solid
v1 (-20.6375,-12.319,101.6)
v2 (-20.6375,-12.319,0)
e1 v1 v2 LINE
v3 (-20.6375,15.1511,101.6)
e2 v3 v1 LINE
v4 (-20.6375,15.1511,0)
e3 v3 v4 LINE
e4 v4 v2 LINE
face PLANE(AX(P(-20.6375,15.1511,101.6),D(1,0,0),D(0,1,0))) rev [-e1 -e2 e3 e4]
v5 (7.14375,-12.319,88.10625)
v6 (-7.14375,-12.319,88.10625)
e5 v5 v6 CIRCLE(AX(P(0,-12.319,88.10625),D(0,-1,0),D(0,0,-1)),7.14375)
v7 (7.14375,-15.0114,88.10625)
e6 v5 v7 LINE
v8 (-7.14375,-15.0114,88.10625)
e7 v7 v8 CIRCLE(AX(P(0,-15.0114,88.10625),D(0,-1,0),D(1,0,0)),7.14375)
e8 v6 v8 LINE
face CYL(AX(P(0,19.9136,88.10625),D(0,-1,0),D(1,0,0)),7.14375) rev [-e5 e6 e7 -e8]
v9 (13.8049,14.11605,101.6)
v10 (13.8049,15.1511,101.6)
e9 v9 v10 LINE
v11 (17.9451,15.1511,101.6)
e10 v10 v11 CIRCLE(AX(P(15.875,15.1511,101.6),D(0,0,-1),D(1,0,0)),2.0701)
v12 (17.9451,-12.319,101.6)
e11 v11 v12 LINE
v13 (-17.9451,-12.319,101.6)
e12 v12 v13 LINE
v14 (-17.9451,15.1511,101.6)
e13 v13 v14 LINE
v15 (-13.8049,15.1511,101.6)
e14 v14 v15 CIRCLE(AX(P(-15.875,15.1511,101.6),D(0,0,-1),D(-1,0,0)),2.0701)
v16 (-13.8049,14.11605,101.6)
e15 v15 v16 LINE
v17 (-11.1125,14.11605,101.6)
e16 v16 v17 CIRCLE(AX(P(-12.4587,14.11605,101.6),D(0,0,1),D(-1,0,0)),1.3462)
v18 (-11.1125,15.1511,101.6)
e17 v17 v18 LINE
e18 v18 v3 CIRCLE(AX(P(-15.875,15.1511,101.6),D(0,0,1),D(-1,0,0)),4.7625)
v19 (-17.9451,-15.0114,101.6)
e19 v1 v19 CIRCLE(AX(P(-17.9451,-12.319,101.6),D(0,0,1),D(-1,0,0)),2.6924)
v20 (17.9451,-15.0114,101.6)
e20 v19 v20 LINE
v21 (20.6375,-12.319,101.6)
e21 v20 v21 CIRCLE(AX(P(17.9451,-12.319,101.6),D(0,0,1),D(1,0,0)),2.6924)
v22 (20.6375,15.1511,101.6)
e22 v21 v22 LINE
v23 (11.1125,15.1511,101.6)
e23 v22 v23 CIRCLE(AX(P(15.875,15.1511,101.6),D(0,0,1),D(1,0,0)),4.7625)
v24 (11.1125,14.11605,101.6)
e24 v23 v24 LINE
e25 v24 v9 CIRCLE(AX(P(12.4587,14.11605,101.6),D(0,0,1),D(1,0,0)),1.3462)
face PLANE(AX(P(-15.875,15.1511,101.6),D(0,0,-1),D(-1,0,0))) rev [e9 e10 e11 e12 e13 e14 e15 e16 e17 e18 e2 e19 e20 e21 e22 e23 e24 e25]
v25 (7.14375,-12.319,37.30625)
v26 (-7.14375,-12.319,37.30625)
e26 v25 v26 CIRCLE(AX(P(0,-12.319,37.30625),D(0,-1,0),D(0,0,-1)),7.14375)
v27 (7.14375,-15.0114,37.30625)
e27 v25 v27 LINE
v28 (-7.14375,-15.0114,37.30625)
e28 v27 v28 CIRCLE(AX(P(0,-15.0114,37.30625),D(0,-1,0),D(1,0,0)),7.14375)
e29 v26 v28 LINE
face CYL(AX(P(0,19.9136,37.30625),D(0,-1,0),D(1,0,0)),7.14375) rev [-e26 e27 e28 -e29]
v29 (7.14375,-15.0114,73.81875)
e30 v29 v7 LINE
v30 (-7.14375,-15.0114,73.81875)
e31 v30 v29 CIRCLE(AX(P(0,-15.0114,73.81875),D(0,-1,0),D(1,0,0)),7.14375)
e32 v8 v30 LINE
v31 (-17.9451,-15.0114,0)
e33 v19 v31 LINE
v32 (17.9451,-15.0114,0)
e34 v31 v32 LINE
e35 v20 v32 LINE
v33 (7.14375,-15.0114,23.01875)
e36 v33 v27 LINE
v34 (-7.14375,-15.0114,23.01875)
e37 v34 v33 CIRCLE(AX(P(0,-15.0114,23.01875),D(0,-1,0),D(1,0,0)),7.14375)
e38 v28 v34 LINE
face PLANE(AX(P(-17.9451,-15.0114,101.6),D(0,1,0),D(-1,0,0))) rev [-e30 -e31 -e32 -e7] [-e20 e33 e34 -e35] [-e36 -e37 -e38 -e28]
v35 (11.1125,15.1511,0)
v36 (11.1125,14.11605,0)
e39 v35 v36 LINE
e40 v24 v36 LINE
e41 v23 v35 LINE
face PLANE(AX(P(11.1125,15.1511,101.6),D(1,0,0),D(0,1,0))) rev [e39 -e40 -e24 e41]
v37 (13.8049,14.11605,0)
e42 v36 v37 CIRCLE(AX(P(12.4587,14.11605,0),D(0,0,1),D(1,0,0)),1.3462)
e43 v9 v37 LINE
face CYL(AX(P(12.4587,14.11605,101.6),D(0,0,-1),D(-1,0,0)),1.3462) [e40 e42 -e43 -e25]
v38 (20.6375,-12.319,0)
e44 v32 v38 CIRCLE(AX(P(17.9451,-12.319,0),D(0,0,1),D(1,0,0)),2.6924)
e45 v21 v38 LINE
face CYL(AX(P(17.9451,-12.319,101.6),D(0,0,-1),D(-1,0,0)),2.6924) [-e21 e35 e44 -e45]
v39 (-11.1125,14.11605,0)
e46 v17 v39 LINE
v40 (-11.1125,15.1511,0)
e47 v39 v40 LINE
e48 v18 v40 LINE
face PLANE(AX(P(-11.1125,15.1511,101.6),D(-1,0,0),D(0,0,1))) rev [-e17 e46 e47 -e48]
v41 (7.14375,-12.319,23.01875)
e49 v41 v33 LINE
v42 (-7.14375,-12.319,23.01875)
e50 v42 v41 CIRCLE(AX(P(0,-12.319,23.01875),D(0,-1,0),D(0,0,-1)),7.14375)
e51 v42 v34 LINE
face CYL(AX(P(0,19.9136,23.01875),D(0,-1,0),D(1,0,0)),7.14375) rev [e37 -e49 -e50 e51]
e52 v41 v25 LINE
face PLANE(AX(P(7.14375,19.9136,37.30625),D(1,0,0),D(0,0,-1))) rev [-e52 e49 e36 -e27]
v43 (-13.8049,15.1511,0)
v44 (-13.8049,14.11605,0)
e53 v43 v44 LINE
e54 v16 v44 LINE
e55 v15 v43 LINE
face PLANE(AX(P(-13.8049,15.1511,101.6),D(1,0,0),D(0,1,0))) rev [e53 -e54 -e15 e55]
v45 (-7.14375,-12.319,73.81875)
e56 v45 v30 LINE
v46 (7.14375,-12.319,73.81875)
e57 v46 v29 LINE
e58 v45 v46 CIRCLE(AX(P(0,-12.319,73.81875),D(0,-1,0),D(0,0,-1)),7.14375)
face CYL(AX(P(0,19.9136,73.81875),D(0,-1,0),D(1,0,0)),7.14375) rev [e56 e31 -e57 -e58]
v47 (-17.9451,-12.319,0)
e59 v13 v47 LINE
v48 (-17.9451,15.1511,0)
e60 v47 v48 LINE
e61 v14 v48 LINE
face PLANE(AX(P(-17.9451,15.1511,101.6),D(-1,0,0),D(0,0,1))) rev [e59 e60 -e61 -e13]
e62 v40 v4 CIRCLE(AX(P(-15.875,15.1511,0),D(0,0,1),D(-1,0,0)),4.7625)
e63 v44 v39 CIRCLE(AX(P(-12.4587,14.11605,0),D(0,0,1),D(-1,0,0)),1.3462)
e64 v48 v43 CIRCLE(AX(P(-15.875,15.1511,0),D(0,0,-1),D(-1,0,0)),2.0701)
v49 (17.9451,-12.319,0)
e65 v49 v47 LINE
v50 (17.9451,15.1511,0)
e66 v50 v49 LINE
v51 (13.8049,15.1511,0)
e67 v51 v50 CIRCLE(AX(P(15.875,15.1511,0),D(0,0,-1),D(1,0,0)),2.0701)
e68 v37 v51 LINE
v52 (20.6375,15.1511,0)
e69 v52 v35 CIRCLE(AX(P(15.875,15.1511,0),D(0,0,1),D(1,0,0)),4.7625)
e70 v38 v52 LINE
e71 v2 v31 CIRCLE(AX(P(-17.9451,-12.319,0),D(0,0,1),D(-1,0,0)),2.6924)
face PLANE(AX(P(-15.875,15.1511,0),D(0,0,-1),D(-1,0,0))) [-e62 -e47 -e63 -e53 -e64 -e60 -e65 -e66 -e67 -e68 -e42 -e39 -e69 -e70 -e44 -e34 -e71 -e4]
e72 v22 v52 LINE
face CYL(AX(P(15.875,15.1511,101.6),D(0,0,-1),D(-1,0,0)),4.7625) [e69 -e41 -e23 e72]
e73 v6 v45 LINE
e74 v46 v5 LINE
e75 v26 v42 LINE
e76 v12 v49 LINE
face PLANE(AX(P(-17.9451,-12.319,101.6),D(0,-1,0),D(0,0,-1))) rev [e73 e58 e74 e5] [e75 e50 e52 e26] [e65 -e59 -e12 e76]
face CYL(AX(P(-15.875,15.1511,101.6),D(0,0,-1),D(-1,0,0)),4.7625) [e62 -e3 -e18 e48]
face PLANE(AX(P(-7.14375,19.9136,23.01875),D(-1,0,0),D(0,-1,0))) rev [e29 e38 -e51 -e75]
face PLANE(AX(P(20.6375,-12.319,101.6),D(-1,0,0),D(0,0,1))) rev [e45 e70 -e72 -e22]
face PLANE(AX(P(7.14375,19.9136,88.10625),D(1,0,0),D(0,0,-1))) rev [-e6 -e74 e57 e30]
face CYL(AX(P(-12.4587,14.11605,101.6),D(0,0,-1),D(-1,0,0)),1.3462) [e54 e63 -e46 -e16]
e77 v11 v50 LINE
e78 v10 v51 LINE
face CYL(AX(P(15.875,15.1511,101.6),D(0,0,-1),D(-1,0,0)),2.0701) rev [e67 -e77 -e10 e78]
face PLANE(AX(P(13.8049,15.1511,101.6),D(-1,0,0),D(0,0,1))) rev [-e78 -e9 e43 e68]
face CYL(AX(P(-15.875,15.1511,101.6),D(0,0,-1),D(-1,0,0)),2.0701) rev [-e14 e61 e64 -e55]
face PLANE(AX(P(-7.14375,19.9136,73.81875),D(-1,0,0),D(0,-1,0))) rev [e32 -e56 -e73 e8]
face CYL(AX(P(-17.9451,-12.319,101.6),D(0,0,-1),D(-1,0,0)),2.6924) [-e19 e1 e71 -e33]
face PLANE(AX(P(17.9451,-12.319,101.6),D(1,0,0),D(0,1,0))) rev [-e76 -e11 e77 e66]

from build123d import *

# Parameters (mm, degrees)
BASE_EXTRUDE_DEPTH = 101.6
SLOT_DEPTH         = 133.120436437
LPATTERN1_COUNT    = 2
LPATTERN1_PITCH    = 50.8


with BuildPart() as part:
    # Sketch1 → Base-Extrude (new body)
    with BuildSketch(Plane.XY):
        with BuildLine():
            Line((-20.6375, 15.1511), (-20.6375, -12.319))
            ThreePointArc((-20.6375, -12.319), (-19.848914298, -14.222814298), (-17.9451, -15.0114))
            Line((-17.9451, -15.0114), (17.9451, -15.0114))
            ThreePointArc((17.9451, -15.0114), (19.848914298, -14.222814298), (20.6375, -12.319))
            Line((20.6375, -12.319), (20.6375, 15.1511))
            ThreePointArc((20.6375, 15.1511), (15.875, 19.9136), (11.1125, 15.1511))
            Line((11.1125, 15.1511), (11.1125, 14.11605))
            ThreePointArc((11.1125, 14.11605), (12.4587, 12.76985), (13.8049, 14.11605))
            Line((13.8049, 14.11605), (13.8049, 15.1511))
            ThreePointArc((13.8049, 15.1511), (15.875, 17.2212), (17.9451, 15.1511))
            Line((17.9451, 15.1511), (17.9451, -12.319))
            Line((17.9451, -12.319), (-17.9451, -12.319))
            Line((-17.9451, -12.319), (-17.9451, 15.1511))
            ThreePointArc((-17.9451, 15.1511), (-15.875, 17.2212), (-13.8049, 15.1511))
            Line((-13.8049, 15.1511), (-13.8049, 14.11605))
            ThreePointArc((-13.8049, 14.11605), (-12.4587, 12.76985), (-11.1125, 14.11605))
            Line((-11.1125, 14.11605), (-11.1125, 15.1511))
            ThreePointArc((-11.1125, 15.1511), (-15.875, 19.9136), (-20.6375, 15.1511))
        make_face()
    extrude(amount=BASE_EXTRUDE_DEPTH)

    # Sketch2 → Slot (cut, through all)
    with BuildSketch(Plane(origin=(0.747608536, -15.0114, -24.013419794), x_dir=(1, 0, 0), z_dir=(0, -1, 0))):
        with BuildLine():
            Line((6.396141464, 61.319669794), (6.396141464, 47.032169794))
            ThreePointArc((6.396141464, 47.032169794), (-0.747608536, 39.888419794), (-7.891358536, 47.032169794))
            Line((-7.891358536, 47.032169794), (-7.891358536, 61.319669794))
            ThreePointArc((-7.891358536, 61.319669794), (-0.747608536, 68.463419794), (6.396141464, 61.319669794))
        make_face()
    slot = extrude(amount=-SLOT_DEPTH, mode=Mode.SUBTRACT)

    # LPattern1: Slot ×2
    with Locations(*[(0, 0, i * LPATTERN1_PITCH) for i in range(1, LPATTERN1_COUNT)]):
        add(slot, mode=Mode.SUBTRACT)


solid = part.part
